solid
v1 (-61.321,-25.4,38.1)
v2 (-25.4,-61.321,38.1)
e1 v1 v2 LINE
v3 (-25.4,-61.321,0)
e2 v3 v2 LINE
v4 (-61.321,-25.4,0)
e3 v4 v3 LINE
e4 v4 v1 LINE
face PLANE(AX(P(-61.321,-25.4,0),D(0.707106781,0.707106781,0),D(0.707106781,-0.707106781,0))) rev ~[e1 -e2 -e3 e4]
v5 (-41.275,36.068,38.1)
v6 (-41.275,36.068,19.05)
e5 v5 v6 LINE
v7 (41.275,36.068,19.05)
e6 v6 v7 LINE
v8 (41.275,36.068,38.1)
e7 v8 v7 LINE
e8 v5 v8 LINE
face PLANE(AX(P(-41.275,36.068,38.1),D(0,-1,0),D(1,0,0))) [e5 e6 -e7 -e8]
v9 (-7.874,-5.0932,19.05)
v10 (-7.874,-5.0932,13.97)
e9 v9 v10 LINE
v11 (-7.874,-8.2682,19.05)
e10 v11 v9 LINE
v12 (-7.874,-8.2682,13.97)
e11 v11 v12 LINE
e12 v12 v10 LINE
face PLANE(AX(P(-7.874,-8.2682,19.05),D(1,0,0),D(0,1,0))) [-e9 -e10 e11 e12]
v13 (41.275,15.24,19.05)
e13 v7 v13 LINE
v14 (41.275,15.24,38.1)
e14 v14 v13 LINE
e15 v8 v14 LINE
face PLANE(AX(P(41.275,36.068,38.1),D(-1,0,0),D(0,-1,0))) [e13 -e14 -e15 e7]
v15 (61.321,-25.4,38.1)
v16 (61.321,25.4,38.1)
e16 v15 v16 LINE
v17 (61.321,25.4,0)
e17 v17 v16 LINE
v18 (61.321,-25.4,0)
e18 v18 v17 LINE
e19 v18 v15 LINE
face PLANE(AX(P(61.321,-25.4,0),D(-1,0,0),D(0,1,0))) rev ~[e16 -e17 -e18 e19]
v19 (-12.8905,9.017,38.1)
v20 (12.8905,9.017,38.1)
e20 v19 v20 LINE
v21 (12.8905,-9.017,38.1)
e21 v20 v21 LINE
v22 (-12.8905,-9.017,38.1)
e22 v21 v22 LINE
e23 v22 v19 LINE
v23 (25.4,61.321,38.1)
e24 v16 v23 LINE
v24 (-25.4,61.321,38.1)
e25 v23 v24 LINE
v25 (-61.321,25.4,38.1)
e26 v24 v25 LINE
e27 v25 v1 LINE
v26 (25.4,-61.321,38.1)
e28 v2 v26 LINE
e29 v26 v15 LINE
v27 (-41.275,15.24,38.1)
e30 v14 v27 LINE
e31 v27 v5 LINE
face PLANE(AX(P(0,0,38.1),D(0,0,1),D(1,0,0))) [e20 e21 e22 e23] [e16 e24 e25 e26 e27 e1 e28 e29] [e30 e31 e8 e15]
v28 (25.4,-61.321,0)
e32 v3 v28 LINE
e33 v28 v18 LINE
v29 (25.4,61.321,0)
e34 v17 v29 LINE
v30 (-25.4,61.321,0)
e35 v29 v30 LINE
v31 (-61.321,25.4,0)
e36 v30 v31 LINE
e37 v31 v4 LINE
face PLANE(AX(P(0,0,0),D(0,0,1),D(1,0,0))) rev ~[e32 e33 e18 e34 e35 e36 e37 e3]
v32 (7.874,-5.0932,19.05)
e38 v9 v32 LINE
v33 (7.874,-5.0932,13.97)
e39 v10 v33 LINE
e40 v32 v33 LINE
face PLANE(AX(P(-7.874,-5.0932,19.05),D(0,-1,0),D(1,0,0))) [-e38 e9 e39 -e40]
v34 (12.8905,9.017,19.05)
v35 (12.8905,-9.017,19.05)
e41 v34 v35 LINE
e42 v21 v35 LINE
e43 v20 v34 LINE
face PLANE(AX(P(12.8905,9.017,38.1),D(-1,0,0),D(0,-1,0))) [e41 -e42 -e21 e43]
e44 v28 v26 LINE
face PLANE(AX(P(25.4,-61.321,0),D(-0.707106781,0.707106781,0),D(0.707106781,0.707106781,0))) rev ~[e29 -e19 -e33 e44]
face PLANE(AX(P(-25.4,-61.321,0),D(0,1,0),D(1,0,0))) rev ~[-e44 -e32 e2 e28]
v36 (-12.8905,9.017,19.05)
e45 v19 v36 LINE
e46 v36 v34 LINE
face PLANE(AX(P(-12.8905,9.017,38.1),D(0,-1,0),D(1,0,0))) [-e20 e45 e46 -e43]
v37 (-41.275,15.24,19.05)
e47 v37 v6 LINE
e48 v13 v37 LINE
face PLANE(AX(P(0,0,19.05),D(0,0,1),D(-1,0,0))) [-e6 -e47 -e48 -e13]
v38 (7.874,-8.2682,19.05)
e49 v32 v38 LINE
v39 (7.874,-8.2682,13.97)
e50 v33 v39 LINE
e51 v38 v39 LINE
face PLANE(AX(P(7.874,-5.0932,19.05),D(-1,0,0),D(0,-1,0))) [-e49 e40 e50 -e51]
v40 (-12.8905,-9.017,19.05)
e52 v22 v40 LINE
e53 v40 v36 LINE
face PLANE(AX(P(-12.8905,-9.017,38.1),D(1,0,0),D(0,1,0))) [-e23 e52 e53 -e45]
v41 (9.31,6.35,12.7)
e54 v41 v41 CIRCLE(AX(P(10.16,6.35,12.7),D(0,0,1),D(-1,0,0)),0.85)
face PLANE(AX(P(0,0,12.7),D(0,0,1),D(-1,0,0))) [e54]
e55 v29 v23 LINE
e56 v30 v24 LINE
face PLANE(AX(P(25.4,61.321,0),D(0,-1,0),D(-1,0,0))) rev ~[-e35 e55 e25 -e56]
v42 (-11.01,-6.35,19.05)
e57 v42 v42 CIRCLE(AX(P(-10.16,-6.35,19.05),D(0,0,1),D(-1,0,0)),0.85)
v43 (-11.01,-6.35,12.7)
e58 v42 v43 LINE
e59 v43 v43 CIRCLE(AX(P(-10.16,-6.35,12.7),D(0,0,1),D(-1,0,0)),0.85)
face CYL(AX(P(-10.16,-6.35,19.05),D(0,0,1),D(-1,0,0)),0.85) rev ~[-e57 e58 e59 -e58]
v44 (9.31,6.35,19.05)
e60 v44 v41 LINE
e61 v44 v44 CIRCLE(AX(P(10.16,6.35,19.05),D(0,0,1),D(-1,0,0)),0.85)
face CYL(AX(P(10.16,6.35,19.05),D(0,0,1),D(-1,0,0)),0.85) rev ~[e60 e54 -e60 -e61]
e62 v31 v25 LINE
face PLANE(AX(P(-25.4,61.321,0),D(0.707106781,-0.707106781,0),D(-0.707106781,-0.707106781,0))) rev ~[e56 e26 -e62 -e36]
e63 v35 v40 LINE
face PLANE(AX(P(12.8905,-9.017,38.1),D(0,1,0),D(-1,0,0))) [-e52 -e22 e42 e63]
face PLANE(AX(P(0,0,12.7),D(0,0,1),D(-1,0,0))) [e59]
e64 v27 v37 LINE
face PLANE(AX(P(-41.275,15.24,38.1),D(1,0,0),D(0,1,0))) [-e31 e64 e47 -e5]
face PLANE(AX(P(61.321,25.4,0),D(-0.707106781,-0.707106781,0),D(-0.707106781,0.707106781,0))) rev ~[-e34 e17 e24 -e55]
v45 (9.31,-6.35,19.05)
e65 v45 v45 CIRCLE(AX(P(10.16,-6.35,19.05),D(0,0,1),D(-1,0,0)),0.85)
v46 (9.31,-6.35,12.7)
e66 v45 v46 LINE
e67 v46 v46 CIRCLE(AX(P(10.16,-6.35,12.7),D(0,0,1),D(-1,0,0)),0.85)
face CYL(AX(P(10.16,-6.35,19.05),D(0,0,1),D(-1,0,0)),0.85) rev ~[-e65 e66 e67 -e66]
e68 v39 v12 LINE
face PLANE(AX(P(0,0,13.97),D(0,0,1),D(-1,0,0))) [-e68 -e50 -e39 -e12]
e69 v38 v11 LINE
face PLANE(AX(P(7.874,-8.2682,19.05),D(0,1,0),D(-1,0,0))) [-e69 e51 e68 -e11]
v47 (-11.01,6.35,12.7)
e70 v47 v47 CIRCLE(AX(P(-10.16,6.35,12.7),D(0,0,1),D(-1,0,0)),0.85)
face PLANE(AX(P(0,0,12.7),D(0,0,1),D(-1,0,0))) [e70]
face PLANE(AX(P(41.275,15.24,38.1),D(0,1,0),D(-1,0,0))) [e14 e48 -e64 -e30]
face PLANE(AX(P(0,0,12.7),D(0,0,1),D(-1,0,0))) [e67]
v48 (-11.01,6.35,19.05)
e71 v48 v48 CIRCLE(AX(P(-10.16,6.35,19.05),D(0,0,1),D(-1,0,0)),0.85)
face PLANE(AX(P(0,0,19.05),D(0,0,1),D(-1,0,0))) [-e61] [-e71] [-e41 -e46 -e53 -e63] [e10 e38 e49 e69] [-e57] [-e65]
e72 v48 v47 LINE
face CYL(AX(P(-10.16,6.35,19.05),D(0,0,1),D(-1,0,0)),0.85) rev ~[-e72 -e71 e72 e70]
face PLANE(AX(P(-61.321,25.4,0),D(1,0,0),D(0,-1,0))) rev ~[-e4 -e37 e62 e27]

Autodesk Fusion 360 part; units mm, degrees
sketch "Sketch1" plane through (0, 0, 0) normal (0, 0, 1) x (1, 0, 0)
  line L0 (61.321, 25.4) -> (25.4, 61.321)
  line L1 (25.4, 61.321) -> (-25.4, 61.321)
  line L2 (-25.4, 61.321) -> (-61.321, 25.4)
  line L3 (-61.321, 25.4) -> (-61.321, -25.4)
  line L4 (-61.321, -25.4) -> (-25.4, -61.321)
  line L5 (-25.4, -61.321) -> (25.4, -61.321)
  line L6 (25.4, -61.321) -> (61.321, -25.4)
  line L7 (61.321, -25.4) -> (61.321, 25.4)
  dimension "d1" = 50.8
extrude "Extrude1" add sketch "Sketch1" along normal blind 38.1
sketch "Sketch6" plane through (0, 0, 38.1) normal (0, 0, 1) x (-1, 0, 0)
  line L0 (-61.321, 25.4) -> (-61.321, -25.4)
  line L1 (-61.321, -25.4) -> (-25.4, -61.321)
  line L2 (-25.4, -61.321) -> (25.4, -61.321)
  line L3 (25.4, -61.321) -> (61.321, -25.4)
  line L4 (61.321, -25.4) -> (61.321, 25.4)
  line L5 (61.321, 25.4) -> (25.4, 61.321)
  line L6 (25.4, 61.321) -> (-25.4, 61.321)
  line L7 (-25.4, 61.321) -> (-61.321, 25.4)
  line L8 (-12.8905, 9.017) -> (12.8905, 9.017)
  line L9 (12.8905, 9.017) -> (12.8905, -9.017)
  line L10 (12.8905, -9.017) -> (-12.8905, -9.017)
  line L11 (-12.8905, -9.017) -> (-12.8905, 9.017)
  line L12 (-12.8905, 9.017) -> (12.8905, -9.017) construction
  line L13 (12.8905, 9.017) -> (-12.8905, -9.017) construction
  dimension "d28" = 25.781
  dimension "d29" = 18.034
extrude "Extrude12" cut sketch "Sketch6" against normal blind 19.05 contours L8 L9 L10 L11
sketch "Sketch7" plane through (0, 0, 19.05) normal (0, 0, 1) x (-1, 0, 0)
  line L0 (-12.8905, -9.017) -> (12.8905, -9.017)
  line L1 (12.8905, -9.017) -> (12.8905, 9.017)
  line L2 (12.8905, 9.017) -> (-12.8905, 9.017)
  line L3 (-12.8905, 9.017) -> (-12.8905, -9.017)
  circle A0 centre (10.16, -6.35) radius 0.85
  dimension "d40" = 1.7
  dimension "d41" = 10.16
  dimension "d42" = 6.35
extrude "Extrude13" cut sketch "Sketch7" against normal blind 6.35 contours A0
sketch "Sketch8" plane through (0, 0, 19.05) normal (0, 0, 1) x (-1, 0, 0)
  circle A0 centre (10.16, -6.35) radius 0.85
  line L0 (-12.8905, -9.017) -> (12.8905, -9.017)
  line L1 (12.8905, -9.017) -> (12.8905, 9.017)
  line L2 (12.8905, 9.017) -> (-12.8905, 9.017)
  line L3 (-12.8905, 9.017) -> (-12.8905, -9.017)
  line L4 (0, -11.43) -> (0, 10.8522)
  line L5 (13.97, 0) -> (-13.97, 0)
  circle A1 centre (-10.16, -6.35) radius 0.85
  circle A2 centre (10.16, 6.35) radius 0.85
  circle A3 centre (-10.16, 6.35) radius 0.85
extrude "Extrude14" cut sketch "Sketch8" against normal blind 6.35 contours A1 | A2 | A3
sketch "Sketch9" plane through (0, 0, 19.05) normal (0, 0, 1) x (-1, 0, 0)
  circle A0 centre (-10.16, -6.35) radius 0.85
  circle A1 centre (-10.16, 6.35) radius 0.85
  circle A2 centre (10.16, 6.35) radius 0.85
  circle A3 centre (10.16, -6.35) radius 0.85
  line L0 (-12.8905, -9.017) -> (12.8905, -9.017)
  line L1 (12.8905, -9.017) -> (12.8905, 9.017)
  line L2 (12.8905, 9.017) -> (-12.8905, 9.017)
  line L3 (-12.8905, 9.017) -> (-12.8905, -9.017)
  line L4 (7.874, 5.0932) -> (-7.874, 5.0932)
  line L5 (-7.874, 5.0932) -> (-7.874, 8.2682)
  line L6 (-7.874, 8.2682) -> (7.874, 8.2682)
  line L7 (7.874, 8.2682) -> (7.874, 5.0932)
  dimension "d45" = 15.748
  dimension "d46" = 3.175
  dimension "d47" = 7.874
extrude "Extrude15" cut sketch "Sketch9" against normal blind 5.08 contours L4 L5 L6 L7
sketch "Sketch10" plane through (0, 0, 38.1) normal (0, 0, 1) x (-1, 0, 0)
  line L0 (12.8905, 9.017) -> (12.8905, -9.017)
  line L1 (12.8905, -9.017) -> (-12.8905, -9.017)
  line L2 (-12.8905, -9.017) -> (-12.8905, 9.017)
  line L3 (-12.8905, 9.017) -> (12.8905, 9.017)
  line L4 (-61.321, 25.4) -> (-61.321, -25.4)
  line L5 (-61.321, -25.4) -> (-25.4, -61.321)
  line L6 (-25.4, -61.321) -> (25.4, -61.321)
  line L7 (25.4, -61.321) -> (61.321, -25.4)
  line L8 (61.321, -25.4) -> (61.321, 25.4)
  line L9 (61.321, 25.4) -> (25.4, 61.321)
  line L10 (25.4, 61.321) -> (-25.4, 61.321)
  line L11 (-25.4, 61.321) -> (-61.321, 25.4)
  line L12 (41.275, -36.068) -> (-41.275, -36.068)
  line L13 (-41.275, -36.068) -> (-41.275, -15.24)
  line L14 (-41.275, -15.24) -> (41.275, -15.24)
  line L15 (41.275, -15.24) -> (41.275, -36.068)
  line L16 (41.275, -36.068) -> (-41.275, -15.24) construction
  line L17 (-41.275, -36.068) -> (41.275, -15.24) construction
  point P0 (0, -25.654)
  dimension "d50" = 82.55
  dimension "d51" = 20.828
  dimension "d52" = 15.24
extrude "Extrude16" cut sketch "Sketch10" against normal blind 19.05 contours L12 L13 L14 L15
equation "d47 = ( 0.62 / 2 ) * 1 in"
